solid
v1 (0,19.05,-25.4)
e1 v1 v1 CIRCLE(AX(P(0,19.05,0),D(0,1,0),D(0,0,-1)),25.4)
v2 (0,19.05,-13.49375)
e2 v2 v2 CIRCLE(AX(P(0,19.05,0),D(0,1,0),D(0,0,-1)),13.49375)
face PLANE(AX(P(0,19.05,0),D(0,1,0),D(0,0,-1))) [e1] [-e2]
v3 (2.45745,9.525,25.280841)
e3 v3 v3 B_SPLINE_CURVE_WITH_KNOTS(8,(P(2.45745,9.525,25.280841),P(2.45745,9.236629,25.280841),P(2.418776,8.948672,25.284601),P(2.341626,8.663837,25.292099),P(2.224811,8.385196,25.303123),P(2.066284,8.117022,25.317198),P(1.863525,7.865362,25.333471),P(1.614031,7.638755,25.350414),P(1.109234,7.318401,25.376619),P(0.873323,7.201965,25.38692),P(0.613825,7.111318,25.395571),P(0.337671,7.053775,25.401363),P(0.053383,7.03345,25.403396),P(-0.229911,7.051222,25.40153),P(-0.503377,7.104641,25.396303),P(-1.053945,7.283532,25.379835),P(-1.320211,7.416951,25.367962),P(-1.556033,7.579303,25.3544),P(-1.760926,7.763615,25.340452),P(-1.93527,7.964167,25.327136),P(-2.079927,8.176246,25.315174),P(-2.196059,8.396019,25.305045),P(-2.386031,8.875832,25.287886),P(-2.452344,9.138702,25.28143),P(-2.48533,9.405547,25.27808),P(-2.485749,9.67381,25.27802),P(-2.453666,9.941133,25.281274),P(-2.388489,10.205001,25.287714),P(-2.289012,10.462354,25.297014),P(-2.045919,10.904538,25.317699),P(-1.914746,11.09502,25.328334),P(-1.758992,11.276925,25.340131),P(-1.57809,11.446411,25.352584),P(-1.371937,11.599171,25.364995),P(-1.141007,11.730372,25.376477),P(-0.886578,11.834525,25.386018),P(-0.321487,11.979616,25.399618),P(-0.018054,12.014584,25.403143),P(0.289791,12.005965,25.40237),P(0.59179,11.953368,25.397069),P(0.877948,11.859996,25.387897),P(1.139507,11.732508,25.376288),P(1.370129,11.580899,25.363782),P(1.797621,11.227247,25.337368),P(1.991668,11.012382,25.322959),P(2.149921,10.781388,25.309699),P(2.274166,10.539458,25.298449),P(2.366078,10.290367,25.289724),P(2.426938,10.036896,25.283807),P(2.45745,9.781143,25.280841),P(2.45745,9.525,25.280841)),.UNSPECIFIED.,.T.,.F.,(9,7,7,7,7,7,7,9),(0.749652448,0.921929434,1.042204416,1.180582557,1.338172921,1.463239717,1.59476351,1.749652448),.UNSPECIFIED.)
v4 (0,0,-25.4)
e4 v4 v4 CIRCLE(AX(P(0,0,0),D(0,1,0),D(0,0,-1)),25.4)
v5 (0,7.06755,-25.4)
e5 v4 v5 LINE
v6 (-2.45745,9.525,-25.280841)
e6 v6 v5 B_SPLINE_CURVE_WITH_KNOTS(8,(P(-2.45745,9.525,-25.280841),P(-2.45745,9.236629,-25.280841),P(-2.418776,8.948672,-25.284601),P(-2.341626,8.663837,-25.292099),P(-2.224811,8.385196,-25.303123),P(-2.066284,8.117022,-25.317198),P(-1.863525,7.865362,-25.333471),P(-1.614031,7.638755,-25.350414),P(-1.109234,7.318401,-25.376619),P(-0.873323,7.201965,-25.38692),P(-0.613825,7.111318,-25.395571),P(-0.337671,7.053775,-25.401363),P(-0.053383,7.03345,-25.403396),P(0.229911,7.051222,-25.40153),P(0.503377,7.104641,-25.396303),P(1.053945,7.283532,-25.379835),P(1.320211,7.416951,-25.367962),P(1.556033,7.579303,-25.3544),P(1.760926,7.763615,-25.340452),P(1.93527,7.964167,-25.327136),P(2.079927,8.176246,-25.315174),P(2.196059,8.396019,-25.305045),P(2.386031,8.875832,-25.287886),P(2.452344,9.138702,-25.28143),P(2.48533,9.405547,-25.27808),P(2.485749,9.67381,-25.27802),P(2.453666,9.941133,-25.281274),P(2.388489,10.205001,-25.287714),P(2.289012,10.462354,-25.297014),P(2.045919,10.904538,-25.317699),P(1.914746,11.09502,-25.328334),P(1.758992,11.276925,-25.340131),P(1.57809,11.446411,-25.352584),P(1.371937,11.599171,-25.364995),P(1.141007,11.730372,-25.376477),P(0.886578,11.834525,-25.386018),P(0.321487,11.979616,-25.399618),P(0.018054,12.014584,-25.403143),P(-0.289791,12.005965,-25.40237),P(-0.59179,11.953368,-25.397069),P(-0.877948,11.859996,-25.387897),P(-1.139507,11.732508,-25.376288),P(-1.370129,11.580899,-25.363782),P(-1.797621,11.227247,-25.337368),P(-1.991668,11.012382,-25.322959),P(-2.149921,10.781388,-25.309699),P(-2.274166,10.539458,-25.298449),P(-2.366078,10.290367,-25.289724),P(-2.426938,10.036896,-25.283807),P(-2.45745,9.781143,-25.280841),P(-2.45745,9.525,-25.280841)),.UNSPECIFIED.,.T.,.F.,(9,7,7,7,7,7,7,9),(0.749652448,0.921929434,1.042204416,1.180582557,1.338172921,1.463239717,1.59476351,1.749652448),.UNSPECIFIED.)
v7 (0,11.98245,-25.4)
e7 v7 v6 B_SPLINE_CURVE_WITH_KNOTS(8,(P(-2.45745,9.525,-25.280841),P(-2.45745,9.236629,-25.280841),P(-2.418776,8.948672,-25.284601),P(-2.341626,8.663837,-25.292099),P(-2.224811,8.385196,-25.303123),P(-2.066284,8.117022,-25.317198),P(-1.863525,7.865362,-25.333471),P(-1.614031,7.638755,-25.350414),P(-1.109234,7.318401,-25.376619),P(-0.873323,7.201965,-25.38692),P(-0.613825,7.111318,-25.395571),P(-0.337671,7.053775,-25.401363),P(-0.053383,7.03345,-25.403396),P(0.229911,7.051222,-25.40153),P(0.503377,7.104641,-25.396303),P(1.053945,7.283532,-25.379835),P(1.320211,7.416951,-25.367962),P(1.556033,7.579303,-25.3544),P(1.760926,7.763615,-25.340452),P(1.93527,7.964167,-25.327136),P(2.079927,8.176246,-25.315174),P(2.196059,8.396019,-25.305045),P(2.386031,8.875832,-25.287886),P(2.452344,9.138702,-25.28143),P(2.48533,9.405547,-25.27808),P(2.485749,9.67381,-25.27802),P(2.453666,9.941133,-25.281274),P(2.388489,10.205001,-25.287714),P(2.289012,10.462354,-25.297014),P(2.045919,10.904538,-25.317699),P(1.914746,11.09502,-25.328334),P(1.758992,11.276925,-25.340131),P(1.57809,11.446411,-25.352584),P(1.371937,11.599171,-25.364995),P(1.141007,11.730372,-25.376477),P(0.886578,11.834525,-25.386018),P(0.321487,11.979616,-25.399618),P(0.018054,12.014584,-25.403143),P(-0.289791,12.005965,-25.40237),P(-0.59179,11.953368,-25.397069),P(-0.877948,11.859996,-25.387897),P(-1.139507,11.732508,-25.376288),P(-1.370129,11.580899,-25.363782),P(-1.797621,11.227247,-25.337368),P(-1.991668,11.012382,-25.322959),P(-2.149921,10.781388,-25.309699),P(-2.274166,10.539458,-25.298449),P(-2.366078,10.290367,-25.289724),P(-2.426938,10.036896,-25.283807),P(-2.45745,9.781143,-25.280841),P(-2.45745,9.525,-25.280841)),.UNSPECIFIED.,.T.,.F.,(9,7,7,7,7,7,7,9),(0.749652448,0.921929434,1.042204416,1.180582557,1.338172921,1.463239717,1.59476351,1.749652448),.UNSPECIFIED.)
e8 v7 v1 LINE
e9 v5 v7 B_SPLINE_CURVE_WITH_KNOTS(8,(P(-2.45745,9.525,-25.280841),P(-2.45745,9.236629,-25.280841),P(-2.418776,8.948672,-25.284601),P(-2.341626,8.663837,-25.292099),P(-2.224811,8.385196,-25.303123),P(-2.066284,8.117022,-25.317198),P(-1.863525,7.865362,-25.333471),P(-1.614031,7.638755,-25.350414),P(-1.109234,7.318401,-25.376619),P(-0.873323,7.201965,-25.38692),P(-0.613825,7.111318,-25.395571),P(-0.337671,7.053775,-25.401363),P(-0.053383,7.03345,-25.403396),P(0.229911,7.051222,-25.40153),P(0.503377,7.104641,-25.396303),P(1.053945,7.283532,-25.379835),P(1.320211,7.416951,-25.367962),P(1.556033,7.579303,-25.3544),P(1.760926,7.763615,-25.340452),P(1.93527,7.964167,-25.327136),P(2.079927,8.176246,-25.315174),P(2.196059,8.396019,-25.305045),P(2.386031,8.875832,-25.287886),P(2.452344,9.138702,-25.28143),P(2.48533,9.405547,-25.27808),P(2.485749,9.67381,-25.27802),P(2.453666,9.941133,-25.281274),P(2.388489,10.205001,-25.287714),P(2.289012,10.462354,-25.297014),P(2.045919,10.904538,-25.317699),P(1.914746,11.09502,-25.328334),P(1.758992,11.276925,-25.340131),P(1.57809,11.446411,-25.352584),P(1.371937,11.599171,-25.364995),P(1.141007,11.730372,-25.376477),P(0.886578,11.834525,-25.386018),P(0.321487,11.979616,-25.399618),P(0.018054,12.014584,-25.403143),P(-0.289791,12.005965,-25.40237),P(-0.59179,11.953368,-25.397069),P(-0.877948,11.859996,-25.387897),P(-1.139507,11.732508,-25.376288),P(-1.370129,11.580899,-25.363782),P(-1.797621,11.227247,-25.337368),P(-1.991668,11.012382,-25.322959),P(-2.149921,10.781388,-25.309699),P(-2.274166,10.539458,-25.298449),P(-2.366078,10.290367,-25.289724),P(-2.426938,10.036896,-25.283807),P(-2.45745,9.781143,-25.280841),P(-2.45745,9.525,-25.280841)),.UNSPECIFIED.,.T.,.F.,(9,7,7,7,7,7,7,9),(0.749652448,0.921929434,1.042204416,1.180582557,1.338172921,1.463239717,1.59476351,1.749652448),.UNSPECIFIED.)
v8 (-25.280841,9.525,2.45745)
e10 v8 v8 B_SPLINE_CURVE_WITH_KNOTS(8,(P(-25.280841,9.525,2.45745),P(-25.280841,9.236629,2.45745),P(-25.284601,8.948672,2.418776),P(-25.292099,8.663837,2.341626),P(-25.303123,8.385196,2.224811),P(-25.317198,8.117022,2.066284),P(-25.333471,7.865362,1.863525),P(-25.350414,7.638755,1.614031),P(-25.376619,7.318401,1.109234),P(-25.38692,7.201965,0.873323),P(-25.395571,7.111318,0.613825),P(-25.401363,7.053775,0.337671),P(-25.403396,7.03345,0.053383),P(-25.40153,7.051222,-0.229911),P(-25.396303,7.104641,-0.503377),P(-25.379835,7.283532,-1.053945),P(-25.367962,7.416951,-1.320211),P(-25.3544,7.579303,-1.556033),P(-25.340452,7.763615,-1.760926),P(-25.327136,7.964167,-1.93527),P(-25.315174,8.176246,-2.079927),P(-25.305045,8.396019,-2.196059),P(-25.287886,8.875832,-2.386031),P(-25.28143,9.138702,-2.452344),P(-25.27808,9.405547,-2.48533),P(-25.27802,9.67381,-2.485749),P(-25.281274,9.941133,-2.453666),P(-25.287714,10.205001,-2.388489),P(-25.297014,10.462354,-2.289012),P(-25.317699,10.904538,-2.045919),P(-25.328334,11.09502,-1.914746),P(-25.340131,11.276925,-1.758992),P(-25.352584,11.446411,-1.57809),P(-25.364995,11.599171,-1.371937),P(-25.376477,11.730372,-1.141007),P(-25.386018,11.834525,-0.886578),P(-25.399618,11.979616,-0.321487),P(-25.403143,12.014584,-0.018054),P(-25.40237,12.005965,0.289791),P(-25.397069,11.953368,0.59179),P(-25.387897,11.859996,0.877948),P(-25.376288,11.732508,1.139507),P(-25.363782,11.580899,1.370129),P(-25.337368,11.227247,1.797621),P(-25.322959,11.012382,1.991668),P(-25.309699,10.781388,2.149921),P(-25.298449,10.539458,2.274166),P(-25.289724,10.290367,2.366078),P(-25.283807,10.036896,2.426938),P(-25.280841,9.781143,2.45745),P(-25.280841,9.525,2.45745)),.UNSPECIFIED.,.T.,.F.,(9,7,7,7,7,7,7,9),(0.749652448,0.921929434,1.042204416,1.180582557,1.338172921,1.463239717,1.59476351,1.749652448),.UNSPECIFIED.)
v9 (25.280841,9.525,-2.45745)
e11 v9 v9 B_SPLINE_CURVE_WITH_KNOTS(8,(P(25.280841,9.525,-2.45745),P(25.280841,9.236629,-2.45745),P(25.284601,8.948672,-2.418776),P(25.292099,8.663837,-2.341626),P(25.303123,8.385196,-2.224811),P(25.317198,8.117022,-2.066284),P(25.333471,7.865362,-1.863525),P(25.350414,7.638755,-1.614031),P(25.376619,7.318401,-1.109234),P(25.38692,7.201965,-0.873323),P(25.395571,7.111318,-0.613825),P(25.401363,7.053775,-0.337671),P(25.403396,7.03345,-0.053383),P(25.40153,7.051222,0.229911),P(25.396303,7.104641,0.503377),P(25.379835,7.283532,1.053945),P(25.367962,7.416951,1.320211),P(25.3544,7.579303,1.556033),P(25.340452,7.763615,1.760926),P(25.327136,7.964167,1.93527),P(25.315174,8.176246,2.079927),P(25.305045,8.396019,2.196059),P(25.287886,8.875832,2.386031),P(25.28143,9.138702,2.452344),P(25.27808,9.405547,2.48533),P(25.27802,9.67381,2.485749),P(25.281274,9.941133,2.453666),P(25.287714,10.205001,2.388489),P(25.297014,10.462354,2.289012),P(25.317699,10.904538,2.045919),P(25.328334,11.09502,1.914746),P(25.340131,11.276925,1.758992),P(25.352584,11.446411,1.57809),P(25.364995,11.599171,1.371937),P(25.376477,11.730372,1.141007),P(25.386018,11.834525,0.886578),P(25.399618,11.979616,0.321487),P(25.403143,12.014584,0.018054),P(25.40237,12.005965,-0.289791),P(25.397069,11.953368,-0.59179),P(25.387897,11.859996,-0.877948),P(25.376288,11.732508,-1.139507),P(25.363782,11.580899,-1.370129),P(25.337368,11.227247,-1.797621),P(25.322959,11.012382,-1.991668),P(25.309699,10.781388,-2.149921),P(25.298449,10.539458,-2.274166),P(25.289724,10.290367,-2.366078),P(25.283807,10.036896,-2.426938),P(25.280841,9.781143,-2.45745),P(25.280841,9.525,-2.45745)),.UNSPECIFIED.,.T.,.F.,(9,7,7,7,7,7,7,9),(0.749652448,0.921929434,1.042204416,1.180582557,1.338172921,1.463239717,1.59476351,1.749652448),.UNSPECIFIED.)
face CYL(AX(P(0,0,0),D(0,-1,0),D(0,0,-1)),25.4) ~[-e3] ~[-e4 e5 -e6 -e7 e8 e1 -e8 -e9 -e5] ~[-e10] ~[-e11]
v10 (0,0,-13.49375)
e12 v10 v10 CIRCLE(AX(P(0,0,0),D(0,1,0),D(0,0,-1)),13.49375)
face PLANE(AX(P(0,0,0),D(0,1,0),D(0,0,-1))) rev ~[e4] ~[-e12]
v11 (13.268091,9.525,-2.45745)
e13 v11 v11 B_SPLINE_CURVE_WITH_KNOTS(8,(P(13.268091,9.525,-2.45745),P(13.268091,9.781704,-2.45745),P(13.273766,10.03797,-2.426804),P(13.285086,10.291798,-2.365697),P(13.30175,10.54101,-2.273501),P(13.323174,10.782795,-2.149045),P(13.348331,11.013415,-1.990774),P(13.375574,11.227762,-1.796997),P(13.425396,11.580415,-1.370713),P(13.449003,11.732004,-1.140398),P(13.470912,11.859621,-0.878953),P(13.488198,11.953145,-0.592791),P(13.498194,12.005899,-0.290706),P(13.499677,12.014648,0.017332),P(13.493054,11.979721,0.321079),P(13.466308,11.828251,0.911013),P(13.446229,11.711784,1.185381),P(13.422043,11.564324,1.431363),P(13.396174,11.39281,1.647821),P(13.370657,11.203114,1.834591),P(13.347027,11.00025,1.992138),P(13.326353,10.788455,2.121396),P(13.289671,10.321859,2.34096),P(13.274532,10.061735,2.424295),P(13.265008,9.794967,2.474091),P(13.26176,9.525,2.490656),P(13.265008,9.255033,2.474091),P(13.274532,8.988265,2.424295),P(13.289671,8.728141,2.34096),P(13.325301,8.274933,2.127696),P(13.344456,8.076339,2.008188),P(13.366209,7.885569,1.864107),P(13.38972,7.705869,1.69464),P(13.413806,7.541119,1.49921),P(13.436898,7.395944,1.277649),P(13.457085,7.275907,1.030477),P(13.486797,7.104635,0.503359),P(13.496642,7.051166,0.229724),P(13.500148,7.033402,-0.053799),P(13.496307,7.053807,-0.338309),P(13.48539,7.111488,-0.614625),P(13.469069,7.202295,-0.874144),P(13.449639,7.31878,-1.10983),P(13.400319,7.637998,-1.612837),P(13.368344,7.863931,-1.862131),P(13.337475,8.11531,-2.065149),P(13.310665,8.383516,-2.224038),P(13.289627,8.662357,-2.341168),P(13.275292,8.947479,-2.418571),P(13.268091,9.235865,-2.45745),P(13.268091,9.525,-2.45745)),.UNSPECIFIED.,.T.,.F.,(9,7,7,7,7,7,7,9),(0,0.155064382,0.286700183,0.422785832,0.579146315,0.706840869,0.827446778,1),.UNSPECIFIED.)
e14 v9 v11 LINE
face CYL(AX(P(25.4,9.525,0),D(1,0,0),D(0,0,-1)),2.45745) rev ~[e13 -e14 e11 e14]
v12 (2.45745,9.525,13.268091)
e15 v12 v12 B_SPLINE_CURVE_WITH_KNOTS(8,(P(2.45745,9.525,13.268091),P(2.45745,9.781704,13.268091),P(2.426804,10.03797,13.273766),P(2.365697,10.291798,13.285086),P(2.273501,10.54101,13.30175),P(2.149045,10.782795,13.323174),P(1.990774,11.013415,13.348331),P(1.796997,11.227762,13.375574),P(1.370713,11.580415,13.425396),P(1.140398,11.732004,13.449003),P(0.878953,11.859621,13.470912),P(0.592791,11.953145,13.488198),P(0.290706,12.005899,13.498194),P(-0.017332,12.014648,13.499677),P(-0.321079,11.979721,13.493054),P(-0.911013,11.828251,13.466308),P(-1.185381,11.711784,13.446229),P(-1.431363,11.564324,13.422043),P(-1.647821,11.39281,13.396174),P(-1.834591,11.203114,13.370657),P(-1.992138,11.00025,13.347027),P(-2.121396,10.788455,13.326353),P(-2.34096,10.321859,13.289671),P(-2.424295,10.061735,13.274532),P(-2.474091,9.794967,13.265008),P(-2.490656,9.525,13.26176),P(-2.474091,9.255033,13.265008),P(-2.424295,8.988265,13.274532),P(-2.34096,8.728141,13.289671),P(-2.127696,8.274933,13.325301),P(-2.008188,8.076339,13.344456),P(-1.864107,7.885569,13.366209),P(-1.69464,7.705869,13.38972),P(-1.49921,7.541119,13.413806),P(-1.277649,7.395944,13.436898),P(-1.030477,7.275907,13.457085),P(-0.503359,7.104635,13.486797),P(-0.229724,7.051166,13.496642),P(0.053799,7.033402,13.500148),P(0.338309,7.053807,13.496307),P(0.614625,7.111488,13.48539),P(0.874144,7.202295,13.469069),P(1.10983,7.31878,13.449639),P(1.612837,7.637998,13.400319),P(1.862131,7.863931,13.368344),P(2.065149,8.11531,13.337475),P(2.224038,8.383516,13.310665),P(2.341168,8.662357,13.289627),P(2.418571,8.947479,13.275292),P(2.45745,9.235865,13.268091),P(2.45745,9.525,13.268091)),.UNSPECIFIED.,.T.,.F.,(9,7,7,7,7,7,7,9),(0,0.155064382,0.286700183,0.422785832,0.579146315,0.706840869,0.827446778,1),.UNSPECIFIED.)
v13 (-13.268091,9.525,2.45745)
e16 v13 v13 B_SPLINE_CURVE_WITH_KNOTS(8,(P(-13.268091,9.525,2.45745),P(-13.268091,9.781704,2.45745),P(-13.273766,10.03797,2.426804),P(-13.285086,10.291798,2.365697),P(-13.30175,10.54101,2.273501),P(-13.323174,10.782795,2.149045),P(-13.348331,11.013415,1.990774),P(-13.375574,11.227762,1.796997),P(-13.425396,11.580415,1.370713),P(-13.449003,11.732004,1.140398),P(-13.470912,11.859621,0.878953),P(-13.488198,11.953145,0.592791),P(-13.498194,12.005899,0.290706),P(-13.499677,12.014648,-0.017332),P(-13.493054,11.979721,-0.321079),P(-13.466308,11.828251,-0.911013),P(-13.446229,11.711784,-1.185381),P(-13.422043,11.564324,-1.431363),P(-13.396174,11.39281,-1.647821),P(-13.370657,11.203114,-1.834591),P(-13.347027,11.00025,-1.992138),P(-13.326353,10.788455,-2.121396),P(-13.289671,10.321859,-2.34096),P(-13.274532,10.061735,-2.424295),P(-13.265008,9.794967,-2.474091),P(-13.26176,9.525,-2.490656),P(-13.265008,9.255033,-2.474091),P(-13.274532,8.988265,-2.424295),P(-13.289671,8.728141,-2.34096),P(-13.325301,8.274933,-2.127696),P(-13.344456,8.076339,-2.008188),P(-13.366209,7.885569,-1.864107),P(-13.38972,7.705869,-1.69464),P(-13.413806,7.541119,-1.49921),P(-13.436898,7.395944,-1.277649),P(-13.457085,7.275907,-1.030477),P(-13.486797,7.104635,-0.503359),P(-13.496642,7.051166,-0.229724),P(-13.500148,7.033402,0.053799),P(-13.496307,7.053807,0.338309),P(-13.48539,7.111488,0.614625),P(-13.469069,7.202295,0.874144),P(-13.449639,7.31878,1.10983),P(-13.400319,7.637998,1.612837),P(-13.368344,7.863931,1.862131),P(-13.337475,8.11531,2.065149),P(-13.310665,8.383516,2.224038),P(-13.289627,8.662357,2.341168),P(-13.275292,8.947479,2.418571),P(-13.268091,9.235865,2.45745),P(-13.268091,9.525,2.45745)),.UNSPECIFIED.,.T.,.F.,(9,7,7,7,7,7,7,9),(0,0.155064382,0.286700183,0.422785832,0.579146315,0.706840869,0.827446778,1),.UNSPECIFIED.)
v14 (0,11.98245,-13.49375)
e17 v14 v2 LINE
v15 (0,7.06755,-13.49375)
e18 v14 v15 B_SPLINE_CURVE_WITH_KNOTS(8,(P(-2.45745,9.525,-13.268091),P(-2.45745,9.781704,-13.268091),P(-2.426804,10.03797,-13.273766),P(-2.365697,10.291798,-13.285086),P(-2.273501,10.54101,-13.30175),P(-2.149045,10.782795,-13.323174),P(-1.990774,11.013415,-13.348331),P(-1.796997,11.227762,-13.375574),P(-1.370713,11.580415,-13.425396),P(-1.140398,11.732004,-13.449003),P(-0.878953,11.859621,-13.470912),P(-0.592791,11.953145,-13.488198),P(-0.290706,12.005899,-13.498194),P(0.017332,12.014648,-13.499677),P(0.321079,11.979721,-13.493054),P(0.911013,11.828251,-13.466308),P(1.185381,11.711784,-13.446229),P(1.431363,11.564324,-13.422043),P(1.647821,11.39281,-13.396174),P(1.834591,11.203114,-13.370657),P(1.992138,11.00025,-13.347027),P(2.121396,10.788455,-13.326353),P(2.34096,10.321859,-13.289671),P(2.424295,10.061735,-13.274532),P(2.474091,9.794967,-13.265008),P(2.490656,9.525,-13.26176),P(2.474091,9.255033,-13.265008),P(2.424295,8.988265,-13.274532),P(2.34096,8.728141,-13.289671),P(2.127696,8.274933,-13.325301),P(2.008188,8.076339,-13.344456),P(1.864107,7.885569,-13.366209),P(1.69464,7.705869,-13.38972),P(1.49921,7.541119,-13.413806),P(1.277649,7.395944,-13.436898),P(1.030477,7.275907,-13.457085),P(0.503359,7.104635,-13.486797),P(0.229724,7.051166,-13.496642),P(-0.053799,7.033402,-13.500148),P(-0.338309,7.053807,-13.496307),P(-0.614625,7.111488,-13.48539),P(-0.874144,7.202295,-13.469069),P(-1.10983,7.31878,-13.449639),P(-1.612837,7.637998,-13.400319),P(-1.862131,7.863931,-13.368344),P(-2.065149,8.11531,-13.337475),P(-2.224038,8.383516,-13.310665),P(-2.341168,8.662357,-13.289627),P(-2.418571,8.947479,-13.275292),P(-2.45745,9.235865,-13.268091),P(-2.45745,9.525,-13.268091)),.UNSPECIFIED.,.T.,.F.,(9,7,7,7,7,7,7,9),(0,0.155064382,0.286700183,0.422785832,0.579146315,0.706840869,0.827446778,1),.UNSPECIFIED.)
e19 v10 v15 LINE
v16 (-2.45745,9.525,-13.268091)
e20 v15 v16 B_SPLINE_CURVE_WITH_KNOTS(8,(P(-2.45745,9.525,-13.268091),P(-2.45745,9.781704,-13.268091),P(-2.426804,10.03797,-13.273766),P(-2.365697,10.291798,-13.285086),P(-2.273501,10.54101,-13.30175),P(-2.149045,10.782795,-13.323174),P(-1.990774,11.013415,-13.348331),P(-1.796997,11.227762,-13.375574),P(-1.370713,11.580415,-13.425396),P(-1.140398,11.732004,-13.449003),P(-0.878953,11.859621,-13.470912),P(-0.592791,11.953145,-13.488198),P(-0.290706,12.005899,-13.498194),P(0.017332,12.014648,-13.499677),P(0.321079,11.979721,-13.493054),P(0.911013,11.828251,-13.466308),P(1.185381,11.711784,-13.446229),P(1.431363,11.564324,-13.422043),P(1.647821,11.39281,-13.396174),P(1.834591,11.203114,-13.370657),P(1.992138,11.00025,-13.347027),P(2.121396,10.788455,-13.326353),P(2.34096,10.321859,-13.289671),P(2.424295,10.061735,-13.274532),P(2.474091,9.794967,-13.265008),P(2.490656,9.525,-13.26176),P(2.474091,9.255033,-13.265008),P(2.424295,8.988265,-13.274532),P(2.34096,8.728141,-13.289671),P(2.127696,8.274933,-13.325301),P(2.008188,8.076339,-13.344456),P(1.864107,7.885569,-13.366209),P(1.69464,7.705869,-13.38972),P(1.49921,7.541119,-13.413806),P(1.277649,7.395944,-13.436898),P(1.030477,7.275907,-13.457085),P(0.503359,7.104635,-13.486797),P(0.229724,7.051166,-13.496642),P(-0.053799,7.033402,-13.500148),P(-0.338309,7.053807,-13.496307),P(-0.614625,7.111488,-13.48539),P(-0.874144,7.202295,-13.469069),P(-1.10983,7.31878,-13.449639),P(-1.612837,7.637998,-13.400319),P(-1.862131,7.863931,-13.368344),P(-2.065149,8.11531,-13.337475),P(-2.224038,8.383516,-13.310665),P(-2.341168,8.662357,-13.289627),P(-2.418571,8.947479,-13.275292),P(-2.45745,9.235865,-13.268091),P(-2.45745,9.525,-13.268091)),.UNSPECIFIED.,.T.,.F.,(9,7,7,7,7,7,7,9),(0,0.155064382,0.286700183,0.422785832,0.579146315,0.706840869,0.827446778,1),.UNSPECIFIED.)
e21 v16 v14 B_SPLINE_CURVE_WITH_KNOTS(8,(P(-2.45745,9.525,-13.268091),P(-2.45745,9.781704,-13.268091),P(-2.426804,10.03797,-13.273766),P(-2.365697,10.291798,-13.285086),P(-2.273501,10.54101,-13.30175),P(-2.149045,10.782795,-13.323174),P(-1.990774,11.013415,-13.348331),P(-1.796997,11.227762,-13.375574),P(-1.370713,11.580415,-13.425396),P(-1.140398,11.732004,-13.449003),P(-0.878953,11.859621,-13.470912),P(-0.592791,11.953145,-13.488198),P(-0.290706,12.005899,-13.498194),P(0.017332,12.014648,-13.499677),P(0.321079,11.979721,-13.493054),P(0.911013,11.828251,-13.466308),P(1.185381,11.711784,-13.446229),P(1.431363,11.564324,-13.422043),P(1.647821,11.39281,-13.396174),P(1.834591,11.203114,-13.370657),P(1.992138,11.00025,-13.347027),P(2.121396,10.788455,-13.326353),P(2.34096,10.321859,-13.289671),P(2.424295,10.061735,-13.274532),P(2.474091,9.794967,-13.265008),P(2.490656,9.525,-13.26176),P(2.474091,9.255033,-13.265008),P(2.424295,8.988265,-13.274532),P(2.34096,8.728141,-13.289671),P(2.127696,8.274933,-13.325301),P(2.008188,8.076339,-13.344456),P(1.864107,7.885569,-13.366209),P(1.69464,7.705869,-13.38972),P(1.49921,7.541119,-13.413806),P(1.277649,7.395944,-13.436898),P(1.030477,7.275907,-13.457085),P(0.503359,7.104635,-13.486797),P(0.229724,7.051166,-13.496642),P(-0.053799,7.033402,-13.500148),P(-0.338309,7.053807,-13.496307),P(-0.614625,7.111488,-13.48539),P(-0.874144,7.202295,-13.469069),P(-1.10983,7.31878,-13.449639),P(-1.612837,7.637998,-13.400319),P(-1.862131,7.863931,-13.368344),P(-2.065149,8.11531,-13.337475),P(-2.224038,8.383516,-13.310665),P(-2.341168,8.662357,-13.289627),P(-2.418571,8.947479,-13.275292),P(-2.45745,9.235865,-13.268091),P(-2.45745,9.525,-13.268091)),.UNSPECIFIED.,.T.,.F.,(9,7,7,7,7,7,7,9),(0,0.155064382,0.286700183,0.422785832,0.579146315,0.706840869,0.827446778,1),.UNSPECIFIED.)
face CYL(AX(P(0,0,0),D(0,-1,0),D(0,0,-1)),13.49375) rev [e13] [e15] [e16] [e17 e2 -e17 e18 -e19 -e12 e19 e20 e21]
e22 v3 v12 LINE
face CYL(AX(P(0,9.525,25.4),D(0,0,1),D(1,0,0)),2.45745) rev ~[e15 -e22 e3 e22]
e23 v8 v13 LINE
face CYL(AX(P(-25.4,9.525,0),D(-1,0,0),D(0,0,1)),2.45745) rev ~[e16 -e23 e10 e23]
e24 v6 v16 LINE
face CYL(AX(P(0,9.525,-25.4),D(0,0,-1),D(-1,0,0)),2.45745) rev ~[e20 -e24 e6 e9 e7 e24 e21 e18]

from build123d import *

# Parameters (mm, degrees)
SKETCH1_R                         = 25.4
SKETCH1_R_2                       = 13.49375
BOSS_EXTRUDE1_DEPTH               = 19.05
F_10_0_1935_DIAMETER_HOLE1_REACH  = 61.906
F_10_0_1935_DIAMETER_HOLE1_BORE_R = 2.45745
CIRPATTERN1_COUNT                 = 4


with BuildPart() as part:
    # Sketch1 → Boss-Extrude1 (new body)
    with BuildSketch(Plane(origin=(0, 0, 0), x_dir=(1, 0, 0), z_dir=(0, 1, 0))):
        with Locations(Location((0, 0, 0), (0, 0, 90))):
            Circle(SKETCH1_R)
        with Locations(Location((0, 0, 0), (0, 0, 90))):
            Circle(SKETCH1_R_2, mode=Mode.SUBTRACT)
    extrude(amount=BOSS_EXTRUDE1_DEPTH)

    # #10 (0.1935) Diameter Hole1 bore → #10 (0.1935) Diameter Hole1 (cut, up to next)
    with BuildSketch(Plane(origin=(25.4, 0, 0), x_dir=(0, 0, -1), z_dir=(1, 0, 0)), mode=Mode.PRIVATE) as f_10_0_1935_diameter_hole1_sk1:
        with Locations((0, 9.525)):
            Circle(F_10_0_1935_DIAMETER_HOLE1_BORE_R)
    f_10_0_1935_diameter_hole1_tool1 = extrude(f_10_0_1935_diameter_hole1_sk1.sketch, amount=-F_10_0_1935_DIAMETER_HOLE1_REACH, mode=Mode.PRIVATE) & part.part
    f_10_0_1935_diameter_hole1 = f_10_0_1935_diameter_hole1_tool1.solids().sort_by_distance((25.4, 9.525, 0))[0]
    add(f_10_0_1935_diameter_hole1, mode=Mode.SUBTRACT)

    # CirPattern1: #10 (0.1935) Diameter Hole1 ×4 about axis
    cirpattern1_axis = Axis((0, 19.05, 0), (0, -1, 0))
    for i in range(1, CIRPATTERN1_COUNT):
        add(f_10_0_1935_diameter_hole1.rotate(cirpattern1_axis, i * 360 / CIRPATTERN1_COUNT), mode=Mode.SUBTRACT)


solid = part.part
